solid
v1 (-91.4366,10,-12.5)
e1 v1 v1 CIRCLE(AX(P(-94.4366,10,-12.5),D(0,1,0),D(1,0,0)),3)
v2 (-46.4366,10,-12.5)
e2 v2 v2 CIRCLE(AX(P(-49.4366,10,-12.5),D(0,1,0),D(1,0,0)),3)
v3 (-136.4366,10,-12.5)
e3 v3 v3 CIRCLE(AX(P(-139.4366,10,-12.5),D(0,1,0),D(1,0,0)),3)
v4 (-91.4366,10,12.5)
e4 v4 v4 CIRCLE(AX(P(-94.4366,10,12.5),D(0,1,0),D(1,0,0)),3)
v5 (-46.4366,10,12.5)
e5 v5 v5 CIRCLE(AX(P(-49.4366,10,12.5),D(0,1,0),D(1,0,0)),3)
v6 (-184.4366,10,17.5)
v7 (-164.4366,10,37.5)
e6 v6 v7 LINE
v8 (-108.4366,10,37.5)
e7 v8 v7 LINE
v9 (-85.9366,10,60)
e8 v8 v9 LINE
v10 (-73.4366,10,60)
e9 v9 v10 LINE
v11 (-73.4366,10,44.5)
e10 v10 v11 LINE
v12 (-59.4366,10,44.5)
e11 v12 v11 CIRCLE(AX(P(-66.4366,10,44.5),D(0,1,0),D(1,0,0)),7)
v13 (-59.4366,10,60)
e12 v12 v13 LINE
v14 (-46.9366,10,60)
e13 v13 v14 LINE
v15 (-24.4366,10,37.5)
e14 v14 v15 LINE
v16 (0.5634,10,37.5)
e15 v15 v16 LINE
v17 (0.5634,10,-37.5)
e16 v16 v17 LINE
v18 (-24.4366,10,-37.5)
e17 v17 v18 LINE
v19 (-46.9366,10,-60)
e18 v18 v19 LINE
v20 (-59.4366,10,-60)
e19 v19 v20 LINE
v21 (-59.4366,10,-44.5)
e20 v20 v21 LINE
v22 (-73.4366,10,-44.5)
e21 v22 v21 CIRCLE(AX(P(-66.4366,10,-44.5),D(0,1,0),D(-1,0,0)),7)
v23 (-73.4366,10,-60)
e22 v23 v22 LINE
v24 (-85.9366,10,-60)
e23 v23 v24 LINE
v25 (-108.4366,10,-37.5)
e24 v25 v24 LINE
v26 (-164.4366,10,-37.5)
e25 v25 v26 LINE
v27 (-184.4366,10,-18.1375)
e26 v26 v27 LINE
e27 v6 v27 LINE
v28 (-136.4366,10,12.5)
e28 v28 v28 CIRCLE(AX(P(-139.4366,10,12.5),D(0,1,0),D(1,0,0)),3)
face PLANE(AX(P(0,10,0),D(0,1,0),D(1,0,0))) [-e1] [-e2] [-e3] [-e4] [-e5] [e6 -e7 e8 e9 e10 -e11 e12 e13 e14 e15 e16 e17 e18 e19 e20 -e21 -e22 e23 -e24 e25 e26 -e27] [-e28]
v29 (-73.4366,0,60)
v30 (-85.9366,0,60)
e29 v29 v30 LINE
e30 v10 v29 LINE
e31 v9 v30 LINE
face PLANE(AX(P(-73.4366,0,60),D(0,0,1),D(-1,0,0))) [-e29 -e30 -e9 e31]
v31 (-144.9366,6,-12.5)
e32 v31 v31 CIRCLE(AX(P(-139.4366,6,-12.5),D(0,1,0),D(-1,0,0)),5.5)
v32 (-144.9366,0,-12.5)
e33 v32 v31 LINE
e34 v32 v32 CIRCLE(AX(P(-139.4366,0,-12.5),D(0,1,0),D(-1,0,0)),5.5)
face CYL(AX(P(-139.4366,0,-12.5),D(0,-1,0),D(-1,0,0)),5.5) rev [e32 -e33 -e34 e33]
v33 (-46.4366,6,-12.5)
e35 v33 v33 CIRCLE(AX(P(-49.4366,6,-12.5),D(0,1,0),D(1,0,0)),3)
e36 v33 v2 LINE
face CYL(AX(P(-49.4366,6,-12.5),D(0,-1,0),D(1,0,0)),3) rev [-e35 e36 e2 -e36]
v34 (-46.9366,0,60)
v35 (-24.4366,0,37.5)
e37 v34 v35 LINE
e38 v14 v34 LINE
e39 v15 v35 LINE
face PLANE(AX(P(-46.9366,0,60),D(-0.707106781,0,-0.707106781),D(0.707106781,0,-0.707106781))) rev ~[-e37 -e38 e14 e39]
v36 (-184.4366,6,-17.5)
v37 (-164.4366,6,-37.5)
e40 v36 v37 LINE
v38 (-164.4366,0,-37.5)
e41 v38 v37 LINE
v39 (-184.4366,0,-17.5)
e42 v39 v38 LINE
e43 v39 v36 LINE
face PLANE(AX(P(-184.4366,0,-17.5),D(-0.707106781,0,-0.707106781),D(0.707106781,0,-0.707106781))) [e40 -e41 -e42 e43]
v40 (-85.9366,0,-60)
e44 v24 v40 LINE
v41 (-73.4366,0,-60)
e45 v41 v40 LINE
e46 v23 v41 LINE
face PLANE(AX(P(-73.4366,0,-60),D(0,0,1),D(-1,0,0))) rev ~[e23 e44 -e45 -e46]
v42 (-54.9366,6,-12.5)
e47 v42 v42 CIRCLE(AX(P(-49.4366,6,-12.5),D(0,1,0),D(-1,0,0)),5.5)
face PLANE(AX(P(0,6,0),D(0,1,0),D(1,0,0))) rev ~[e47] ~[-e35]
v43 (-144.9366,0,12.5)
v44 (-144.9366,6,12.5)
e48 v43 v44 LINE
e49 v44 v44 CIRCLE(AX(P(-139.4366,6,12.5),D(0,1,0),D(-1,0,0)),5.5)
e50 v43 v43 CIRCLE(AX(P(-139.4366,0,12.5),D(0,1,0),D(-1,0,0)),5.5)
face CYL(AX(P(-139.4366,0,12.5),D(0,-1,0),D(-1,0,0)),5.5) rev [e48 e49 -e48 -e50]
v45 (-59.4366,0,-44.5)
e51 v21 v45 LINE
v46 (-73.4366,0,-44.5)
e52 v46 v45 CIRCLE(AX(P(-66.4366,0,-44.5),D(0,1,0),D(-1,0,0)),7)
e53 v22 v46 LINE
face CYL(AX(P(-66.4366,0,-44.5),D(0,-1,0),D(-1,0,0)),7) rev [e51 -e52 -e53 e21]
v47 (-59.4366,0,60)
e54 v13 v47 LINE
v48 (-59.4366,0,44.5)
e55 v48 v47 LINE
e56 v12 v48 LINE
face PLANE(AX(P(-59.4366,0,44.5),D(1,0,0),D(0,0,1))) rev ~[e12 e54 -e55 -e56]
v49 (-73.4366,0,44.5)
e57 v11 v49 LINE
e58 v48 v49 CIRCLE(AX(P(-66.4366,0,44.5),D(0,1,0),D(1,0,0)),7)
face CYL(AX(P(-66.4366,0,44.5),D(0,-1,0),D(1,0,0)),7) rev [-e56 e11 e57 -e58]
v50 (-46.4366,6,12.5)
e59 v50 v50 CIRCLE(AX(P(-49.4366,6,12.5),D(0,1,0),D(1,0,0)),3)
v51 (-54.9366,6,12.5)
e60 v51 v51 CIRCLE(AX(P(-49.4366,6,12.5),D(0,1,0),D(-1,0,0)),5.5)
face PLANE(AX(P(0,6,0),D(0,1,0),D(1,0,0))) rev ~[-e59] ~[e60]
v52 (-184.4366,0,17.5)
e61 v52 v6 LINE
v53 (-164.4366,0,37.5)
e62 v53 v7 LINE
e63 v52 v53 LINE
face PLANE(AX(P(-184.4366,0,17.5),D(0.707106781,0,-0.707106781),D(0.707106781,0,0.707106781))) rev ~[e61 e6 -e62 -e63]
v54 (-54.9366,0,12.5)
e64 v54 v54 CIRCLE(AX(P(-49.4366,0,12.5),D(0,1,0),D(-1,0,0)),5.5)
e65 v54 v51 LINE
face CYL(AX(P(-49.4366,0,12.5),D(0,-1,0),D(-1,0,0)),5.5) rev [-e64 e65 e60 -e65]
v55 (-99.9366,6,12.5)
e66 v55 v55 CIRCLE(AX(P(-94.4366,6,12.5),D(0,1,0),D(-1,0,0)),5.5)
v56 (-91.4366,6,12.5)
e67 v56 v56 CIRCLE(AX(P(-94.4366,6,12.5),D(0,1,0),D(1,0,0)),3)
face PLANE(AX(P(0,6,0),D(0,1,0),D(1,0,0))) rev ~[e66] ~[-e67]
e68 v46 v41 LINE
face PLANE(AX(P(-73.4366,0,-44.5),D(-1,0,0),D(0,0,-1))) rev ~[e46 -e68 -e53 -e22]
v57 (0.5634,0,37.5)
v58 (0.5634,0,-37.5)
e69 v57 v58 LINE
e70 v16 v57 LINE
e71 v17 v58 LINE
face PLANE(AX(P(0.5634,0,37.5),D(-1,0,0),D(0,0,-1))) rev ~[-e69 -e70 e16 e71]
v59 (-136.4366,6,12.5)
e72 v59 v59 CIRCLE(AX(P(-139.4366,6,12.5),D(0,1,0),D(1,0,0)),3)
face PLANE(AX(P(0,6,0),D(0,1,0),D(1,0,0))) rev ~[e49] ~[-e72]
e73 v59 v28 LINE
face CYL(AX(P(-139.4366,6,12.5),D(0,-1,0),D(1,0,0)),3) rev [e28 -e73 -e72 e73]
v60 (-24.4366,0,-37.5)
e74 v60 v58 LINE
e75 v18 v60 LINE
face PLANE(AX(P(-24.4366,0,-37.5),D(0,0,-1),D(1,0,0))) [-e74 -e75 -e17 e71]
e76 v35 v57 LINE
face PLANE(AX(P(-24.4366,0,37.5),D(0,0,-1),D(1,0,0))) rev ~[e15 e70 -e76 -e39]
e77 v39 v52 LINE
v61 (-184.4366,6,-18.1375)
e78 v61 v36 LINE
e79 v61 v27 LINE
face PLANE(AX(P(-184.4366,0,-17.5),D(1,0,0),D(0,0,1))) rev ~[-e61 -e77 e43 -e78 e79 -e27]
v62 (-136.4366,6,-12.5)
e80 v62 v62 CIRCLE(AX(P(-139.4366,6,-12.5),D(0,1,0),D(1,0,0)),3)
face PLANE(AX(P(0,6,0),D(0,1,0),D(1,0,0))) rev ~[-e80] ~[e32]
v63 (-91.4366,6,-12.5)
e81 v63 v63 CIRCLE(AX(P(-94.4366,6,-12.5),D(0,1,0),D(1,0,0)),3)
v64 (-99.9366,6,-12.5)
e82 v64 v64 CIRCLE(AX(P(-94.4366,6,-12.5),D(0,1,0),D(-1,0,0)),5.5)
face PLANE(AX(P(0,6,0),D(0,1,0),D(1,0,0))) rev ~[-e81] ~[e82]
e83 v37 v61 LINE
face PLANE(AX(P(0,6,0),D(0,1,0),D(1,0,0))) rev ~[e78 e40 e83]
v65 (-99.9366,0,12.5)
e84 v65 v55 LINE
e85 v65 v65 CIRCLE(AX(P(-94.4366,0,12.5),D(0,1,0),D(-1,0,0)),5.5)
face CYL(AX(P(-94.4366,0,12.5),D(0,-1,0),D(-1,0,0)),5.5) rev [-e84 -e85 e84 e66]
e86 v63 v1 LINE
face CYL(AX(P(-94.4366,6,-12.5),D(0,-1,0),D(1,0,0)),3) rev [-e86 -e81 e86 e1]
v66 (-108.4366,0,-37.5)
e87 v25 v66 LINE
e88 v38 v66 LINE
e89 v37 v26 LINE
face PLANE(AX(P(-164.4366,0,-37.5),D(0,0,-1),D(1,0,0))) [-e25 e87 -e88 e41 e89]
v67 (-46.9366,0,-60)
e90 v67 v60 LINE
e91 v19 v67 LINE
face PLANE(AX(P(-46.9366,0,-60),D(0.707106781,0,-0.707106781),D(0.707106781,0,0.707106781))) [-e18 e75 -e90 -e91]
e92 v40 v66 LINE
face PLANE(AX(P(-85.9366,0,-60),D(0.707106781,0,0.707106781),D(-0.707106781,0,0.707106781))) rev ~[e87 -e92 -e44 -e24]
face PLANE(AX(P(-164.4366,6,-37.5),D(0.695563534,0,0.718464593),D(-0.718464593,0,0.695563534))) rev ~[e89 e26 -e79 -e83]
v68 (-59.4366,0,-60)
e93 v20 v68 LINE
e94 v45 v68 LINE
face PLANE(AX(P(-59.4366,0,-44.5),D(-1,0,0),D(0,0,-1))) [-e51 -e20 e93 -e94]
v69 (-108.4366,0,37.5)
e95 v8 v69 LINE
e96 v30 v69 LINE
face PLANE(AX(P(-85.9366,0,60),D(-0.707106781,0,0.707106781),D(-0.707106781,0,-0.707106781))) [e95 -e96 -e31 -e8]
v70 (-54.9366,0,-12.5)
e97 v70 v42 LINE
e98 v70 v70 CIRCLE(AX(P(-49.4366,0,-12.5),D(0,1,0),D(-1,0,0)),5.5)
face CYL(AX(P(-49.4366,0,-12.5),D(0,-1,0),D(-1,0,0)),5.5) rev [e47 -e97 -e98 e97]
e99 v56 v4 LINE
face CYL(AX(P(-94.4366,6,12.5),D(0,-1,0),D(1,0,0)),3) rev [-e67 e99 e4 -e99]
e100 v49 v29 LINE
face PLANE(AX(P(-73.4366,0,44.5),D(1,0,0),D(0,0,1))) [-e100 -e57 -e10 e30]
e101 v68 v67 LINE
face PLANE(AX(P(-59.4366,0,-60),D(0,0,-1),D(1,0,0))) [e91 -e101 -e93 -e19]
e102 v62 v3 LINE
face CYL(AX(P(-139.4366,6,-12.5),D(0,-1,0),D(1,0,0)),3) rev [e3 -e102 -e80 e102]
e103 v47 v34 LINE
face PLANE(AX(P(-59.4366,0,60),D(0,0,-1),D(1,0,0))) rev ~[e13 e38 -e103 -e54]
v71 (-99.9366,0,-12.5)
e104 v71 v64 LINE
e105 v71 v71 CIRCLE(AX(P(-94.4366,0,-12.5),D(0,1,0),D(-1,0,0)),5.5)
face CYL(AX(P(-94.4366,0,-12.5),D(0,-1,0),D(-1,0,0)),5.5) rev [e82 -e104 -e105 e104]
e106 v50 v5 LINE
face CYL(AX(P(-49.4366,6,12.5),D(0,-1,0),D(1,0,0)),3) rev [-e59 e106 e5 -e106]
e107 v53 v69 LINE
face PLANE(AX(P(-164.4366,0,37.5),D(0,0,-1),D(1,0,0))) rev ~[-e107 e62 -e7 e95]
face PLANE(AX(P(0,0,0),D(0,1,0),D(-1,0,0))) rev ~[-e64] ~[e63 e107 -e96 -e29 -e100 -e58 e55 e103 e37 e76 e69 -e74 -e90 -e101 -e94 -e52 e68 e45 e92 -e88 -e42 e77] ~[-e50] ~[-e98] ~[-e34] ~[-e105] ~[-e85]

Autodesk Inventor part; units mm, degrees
ref_plane "YZ Plane" through (0, 0, 0) normal (1, 0, 0) x (0, 1, 0)
ref_plane "XZ Plane" through (0, 0, 0) normal (0, 1, 0) x (-1, 0, 0)
ref_plane "XY Plane" through (0, 0, 0) normal (0, 0, 1) x (1, 0, 0)
sketch "Sketch1" plane through (0, 0, 0) normal (0, 1, 0) x (-1, 0, 0)
  line L0 (184.4366, -17.5) -> (184.4366, 17.5)
  line L1 (184.4366, -17.5) -> (164.4366, -37.5)
  line L2 (184.4366, -17.5) -> (247.2296, -17.5) construction
  line L3 (184.4366, 17.5) -> (164.4366, 37.5)
  line L4 (184.4366, 17.5) -> (233.0996, 17.5) construction
  line L5 (-0.5634, 37.5) -> (-0.5634, -37.5)
  arc A0 (59.4366, 44.5) -> (73.4366, 44.5) centre (66.4366, 44.5) ccw
  arc A1 (73.4366, -44.5) -> (59.4366, -44.5) centre (66.4366, -44.5) ccw
  line L6 (39.6866, 60) -> (27.1866, 60)
  line L7 (59.4366, 44.5) -> (59.4366, 60)
  line L8 (73.4366, 44.5) -> (73.4366, 60)
  line L9 (73.4366, -44.5) -> (73.4366, -60)
  line L10 (59.4366, -44.5) -> (59.4366, -60)
  line L11 (59.4366, 60) -> (46.9366, 60)
  line L12 (46.9366, 60) -> (24.4366, 37.5)
  line L13 (59.4366, -60) -> (46.9366, -60)
  line L14 (46.9366, -60) -> (24.4366, -37.5)
  line L15 (73.4366, 60) -> (85.9366, 60)
  line L16 (85.9366, 60) -> (108.4366, 37.5)
  line L17 (85.9366, 60) -> (117.7565, 60) construction
  line L18 (73.4366, -60) -> (85.9366, -60)
  line L19 (85.9366, -60) -> (108.4366, -37.5)
  line L20 (164.4366, -37.5) -> (108.4366, -37.5)
  line L21 (24.4366, -37.5) -> (-0.5634, -37.5)
  line L22 (164.4366, 37.5) -> (108.4366, 37.5)
  line L23 (24.4366, 37.5) -> (-0.5634, 37.5)
  circle A2 centre (139.4366, 12.5) radius 5.5
  circle A3 centre (139.4366, -12.5) radius 5.5
  circle A4 centre (94.4366, -12.5) radius 5.5
  circle A5 centre (94.4366, 12.5) radius 5.5
  circle A6 centre (49.4366, 12.5) radius 5.5
  circle A7 centre (49.4366, -12.5) radius 5.5
  point P0 (0, 0)
  point P1 (-0.5634, 0)
  dimension "d4" = 35
  dimension "d5" = 135
  dimension "d7" = 135
  dimension "d9" = 185
  dimension "d10" = 75
  dimension "d19" = 14
  dimension "d20" = 14
  dimension "d23" = 67
  dimension "d24" = 67
  dimension "d27" = 12.5
  dimension "d28" = 15.5
  dimension "d29" = 15.5
  dimension "d30" = 15.5
  dimension "d31" = 15.5
  dimension "d32" = 12.5
  dimension "d33" = 135
  dimension "d34" = 12.5
  dimension "d35" = 135
  dimension "d36" = 12.5
  dimension "d37" = 45
  dimension "d38" = 12.5
  dimension "d39" = 135
  dimension "d40" = 11
  dimension "d41" = 11
  dimension "d42" = 11
  dimension "d43" = 11
  dimension "d44" = 11
  dimension "d45" = 11
  dimension "d46" = 50
  dimension "d47" = 45
  dimension "d48" = 45
  dimension "d49" = 25
extrude "Extrusion1" add sketch "Sketch1" along normal blind 6
sketch "Sketch2" plane through (0, 6, 0) normal (0, 1, 0) x (1, 0, 0)
  line L0 (-108.4366, 37.5) -> (-164.4366, 37.5) projected
  line L1 (-164.4366, 37.5) -> (-108.4366, 37.5)
  line L2 (-73.4366, 60) -> (-85.9366, 60) projected
  line L3 (-108.4366, 37.5) -> (-85.9366, 60)
  line L4 (-85.9366, 60) -> (-73.4366, 60)
  arc A0 (-73.4366, 44.5) -> (-59.4366, 44.5) centre (-66.4366, 44.5) ccw projected
  line L5 (-73.4366, 60) -> (-73.4366, 44.5)
  line L6 (-164.4366, 37.5) -> (-184.4366, 18.1375)
  line L7 (-184.4366, 17.5) -> (-184.4366, -17.5) projected
  line L8 (-184.4366, 18.1375) -> (-184.4366, -17.5)
  line L9 (-184.4366, -17.5) -> (-164.4366, -37.5)
  line L10 (-184.4366, -17.5) -> (-164.4366, -37.5) projected
  line L11 (-164.4366, -37.5) -> (-108.4366, -37.5) projected
  line L12 (-108.802, -37.5) -> (-85.9366, -60)
  line L13 (-108.4366, -37.5) -> (-85.9366, -60) projected
  line L14 (-85.9366, -60) -> (-73.4366, -60) projected
  line L15 (-73.4366, -60) -> (-73.4366, -44.5) projected
  line L16 (-73.4366, -60) -> (-73.4366, -44.5)
  line L17 (-59.4366, -44.5) -> (-59.4366, -60) projected
  line L18 (-59.4366, -44.5) -> (-59.4366, -60)
  line L19 (-59.4366, -60) -> (-46.9366, -60) projected
  line L20 (-59.4366, -60) -> (-46.9366, -60)
  line L21 (-46.9366, -60) -> (-24.4366, -37.5)
  line L22 (-46.9366, -60) -> (-24.4366, -37.5) projected
  line L23 (-24.4366, -37.5) -> (0.5634, -37.5) projected
  line L24 (0.5634, -37.5) -> (0.5634, 37.5) projected
  line L25 (0.5634, -37.5) -> (0.5634, 37.5)
  line L26 (0.5634, 37.5) -> (-24.4366, 37.5) projected
  line L27 (0.5634, 37.5) -> (-24.4366, 37.5)
  line L28 (-24.4366, 37.5) -> (-46.9366, 60)
  line L29 (-59.4366, 60) -> (-59.4366, 44.5) projected
  line L30 (-46.9366, 60) -> (-59.4366, 60)
  line L31 (-59.4366, 60) -> (-59.4366, 44.5)
  arc A1 (-59.4366, -44.5) -> (-73.4366, -44.5) centre (-66.4366, -44.5) ccw
  arc A2 (-73.4366, 44.5) -> (-59.4366, 44.5) centre (-66.4366, 44.5) ccw
  circle A3 centre (-139.4366, 12.5) radius 3
  circle A4 centre (-139.4366, -12.5) radius 3
  circle A5 centre (-94.4366, -12.5) radius 3
  circle A6 centre (-94.4366, 12.5) radius 3
  circle A7 centre (-49.4366, 12.5) radius 3
  circle A8 centre (-49.4366, -12.5) radius 3
  point P0 (0, 0)
  dimension "d53" = 14
  dimension "d55" = 6
  dimension "d56" = 6
  dimension "d57" = 6
  dimension "d58" = 6
  dimension "d59" = 6
  dimension "d60" = 6
  dimension "d61" = 50
  dimension "d62" = 45
  dimension "d63" = 45
  dimension "d64" = 12.5
  dimension "d65" = 25
extrude "Extrusion2" add sketch "Sketch2" along normal blind 4 contours L3 L2 L5 A0 L29 L30 L28 L26 L24 L23 L21 L19 L17 A1 L15 L14 L13 L11 L9 L7 L8 L6 L0
properties part number "Grundplatte" material "Steel"
